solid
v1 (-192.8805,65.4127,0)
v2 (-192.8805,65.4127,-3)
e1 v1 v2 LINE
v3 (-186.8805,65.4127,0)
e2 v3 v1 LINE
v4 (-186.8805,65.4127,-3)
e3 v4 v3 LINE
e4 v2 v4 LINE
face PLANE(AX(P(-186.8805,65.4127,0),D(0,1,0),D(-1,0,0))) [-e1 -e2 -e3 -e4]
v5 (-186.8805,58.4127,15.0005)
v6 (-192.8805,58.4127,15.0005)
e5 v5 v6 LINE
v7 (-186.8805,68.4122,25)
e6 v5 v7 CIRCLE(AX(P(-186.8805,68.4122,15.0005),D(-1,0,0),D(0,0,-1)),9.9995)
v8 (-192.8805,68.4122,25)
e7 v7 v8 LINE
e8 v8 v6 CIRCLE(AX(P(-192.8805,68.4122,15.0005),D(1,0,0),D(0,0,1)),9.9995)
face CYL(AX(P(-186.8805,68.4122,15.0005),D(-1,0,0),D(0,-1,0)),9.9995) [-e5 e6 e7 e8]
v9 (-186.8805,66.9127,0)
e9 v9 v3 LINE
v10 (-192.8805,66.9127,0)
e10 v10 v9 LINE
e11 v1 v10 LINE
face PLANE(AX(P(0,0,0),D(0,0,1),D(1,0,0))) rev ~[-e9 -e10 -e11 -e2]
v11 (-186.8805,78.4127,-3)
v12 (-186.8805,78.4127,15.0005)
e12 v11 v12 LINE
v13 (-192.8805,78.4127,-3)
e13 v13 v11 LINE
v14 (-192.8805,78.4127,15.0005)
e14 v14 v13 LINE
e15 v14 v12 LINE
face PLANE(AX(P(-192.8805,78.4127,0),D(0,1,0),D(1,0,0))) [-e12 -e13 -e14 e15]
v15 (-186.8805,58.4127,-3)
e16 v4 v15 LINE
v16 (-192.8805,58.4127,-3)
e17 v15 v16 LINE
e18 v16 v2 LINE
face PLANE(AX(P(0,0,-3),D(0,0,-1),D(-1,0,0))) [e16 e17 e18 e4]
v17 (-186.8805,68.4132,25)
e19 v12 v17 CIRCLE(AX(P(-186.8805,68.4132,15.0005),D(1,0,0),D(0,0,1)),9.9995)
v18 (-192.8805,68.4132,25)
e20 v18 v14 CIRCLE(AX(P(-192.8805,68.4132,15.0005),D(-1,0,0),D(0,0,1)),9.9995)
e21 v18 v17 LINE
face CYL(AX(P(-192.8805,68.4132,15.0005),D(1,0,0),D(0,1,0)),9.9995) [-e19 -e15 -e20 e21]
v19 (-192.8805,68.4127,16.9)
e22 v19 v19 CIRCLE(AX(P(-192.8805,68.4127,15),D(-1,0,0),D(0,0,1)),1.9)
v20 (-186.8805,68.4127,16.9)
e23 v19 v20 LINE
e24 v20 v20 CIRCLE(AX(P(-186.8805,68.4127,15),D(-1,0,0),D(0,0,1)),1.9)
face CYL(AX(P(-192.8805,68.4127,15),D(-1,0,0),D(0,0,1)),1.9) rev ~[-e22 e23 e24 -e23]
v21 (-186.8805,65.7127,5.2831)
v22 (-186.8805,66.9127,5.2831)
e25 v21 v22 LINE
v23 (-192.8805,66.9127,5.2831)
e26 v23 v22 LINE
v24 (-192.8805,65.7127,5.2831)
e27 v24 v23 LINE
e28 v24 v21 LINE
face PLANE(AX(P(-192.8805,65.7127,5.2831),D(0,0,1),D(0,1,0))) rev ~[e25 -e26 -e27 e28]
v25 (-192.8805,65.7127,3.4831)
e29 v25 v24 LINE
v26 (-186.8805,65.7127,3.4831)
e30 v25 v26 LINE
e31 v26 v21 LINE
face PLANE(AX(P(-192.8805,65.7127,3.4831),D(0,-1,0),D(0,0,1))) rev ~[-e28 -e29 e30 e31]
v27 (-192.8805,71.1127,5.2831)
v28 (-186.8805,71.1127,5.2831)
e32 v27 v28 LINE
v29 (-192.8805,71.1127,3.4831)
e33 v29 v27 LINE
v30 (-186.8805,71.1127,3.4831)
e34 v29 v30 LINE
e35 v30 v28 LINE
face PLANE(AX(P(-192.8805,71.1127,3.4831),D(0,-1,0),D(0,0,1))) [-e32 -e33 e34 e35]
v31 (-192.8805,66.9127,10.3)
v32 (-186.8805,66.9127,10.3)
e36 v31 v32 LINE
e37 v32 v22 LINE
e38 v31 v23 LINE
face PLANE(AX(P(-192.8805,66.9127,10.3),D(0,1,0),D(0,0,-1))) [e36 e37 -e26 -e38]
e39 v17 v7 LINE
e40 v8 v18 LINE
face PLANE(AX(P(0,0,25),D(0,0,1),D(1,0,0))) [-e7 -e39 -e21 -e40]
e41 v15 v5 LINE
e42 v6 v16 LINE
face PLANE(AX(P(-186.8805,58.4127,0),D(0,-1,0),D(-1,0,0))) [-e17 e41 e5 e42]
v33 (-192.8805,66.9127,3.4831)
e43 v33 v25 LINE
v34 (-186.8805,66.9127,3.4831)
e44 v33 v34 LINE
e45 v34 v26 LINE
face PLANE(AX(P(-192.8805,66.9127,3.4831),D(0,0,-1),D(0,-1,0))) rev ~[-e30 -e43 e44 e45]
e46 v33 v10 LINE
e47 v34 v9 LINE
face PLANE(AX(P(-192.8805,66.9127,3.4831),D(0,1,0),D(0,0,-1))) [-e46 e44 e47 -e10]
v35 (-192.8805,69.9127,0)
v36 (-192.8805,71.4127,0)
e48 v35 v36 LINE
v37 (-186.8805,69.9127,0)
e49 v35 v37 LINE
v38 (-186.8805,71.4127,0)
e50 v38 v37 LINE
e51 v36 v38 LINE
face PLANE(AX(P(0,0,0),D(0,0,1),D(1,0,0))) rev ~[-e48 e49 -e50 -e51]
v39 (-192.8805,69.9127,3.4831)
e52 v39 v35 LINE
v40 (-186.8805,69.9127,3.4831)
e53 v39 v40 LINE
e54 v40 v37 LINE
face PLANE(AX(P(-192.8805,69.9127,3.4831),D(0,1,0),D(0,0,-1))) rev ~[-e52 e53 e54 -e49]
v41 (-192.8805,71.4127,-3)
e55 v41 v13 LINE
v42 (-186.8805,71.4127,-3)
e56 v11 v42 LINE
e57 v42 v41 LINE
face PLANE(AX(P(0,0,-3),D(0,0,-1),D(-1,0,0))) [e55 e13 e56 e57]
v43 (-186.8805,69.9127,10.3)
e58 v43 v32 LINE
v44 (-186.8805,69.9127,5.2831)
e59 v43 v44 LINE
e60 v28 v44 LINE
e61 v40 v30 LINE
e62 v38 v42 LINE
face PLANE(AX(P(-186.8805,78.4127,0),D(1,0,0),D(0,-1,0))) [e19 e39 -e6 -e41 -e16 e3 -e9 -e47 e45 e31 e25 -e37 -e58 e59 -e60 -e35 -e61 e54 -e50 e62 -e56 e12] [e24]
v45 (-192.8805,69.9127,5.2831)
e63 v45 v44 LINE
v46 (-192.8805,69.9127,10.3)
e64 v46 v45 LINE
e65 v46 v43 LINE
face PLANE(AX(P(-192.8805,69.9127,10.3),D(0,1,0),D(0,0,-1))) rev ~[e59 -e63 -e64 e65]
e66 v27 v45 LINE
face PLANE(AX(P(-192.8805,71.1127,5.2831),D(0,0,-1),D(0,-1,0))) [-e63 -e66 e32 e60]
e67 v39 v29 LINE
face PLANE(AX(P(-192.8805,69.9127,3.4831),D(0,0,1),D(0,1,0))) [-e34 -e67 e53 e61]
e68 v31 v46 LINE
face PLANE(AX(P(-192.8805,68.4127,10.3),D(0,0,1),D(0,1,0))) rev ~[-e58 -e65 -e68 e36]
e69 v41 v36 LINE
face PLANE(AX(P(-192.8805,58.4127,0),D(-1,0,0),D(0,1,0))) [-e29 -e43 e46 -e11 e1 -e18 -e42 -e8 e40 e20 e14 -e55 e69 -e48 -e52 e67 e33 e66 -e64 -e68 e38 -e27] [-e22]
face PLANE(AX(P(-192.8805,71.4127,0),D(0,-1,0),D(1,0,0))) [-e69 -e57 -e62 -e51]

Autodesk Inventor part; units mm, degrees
ref_plane "YZ Plane" through (0, 0, 0) normal (1, 0, 0) x (0, 1, 0)
ref_plane "XZ Plane" through (0, 0, 0) normal (0, 1, 0) x (-1, 0, 0)
ref_plane "XY Plane" through (0, 0, 0) normal (0, 0, 1) x (1, 0, 0)
sketch "Эскиз1" plane through (0, 0, 0) normal (0, 0, 1) x (1, 0, 0)
  line L0 (-186.8805, 58.4127) -> (-192.8805, 58.4127)
  line L1 (-192.8805, 58.4127) -> (-192.8805, 78.4127)
  line L2 (-192.8805, 78.4127) -> (-186.8805, 78.4127)
  line L3 (-186.8805, 78.4127) -> (-186.8805, 58.4127)
  line L4 (-192.8805, 65.9127) -> (-192.8805, 70.9127) projected
  point P0 (0, 0)
  point P1 (-192.8805, 68.4127)
  dimension "d0" = 20
  dimension "d1" = 6
  dimension "d19" = 0
extrude "Выдавливание1" add sketch "Эскиз1" along normal blind 25
fillet "Сопряжение1" radius 10 2 edges at (-189.8805, 58.4127, 25) (-189.8805, 78.4127, 25)
sketch "Эскиз2" plane through (-192.8805, 58.4127, 0) normal (-1, 0, 0) x (0, 0, 1)
  circle A0 centre (15, 10) radius 1.9
  line L0 (0, 20) -> (0, 0) projected
  line L1 (0, 10) -> (25, 10) construction
  arc A1 (15, 0) -> (15, 20) centre (15, 10) ccw projected
  point P0 (0, -58.4127)
  dimension "d5" = 3.8
extrude "Выдавливание2" cut sketch "Эскиз2" against normal up to surface (6 mm away)
sketch "Эскиз3" plane through (0, 0, 0) normal (0, 0, -1) x (-1, 0, 0)
  line L0 (192.8805, 58.4127) -> (186.8805, 58.4127)
  line L1 (186.8805, 58.4127) -> (186.8805, 65.4127)
  line L2 (186.8805, 65.4127) -> (192.8805, 65.4127)
  line L3 (192.8805, 65.4127) -> (192.8805, 58.4127)
  line L4 (186.8805, 78.4127) -> (192.8805, 78.4127) projected
  line L5 (186.8805, 78.4127) -> (192.8805, 78.4127)
  line L6 (192.8805, 78.4127) -> (192.8805, 71.4127)
  line L7 (192.8805, 71.4127) -> (186.8805, 71.4127)
  line L8 (186.8805, 71.4127) -> (186.8805, 78.4127)
  point P0 (0, 0)
  dimension "d8" = 7
  dimension "d9" = 7
  dimension "d18" = 6
extrude "Выдавливание3" add sketch "Эскиз3" along normal blind 2
sketch "Эскиз4" plane through (-192.8805, 68.4127, 15) normal (-1, 0, 0) x (0, 0, 1)
  line L0 (-15, 3) -> (-15, -3) projected
  line L1 (-15, 0) -> (-4.7, 0)
  line L2 (-4.7, 0) -> (-4.7, -1.5)
  line L3 (-15, -1.5) -> (-15, 0)
  line L4 (-4.7, 0) -> (-4.7, 1.5)
  line L5 (-10.2565, 0) -> (-12.2169, 0)
  line L6 (-11.5169, -1.5) -> (-11.5169, -2.7)
  line L7 (-11.5169, -2.7) -> (-9.7169, -2.7)
  line L8 (-9.7169, -2.7) -> (-9.7169, -1.5)
  line L9 (-11.5169, 1.5) -> (-11.5169, 2.7)
  line L10 (-11.5169, 2.7) -> (-9.7169, 2.7)
  line L11 (-9.7169, 2.7) -> (-9.7169, 1.5)
  line L12 (-4.7, -1.5) -> (-9.7169, -1.5)
  line L13 (-11.5169, -1.5) -> (-15, -1.5)
  line L14 (-4.7, 1.5) -> (-9.7169, 1.5)
  line L15 (-11.5169, 1.5) -> (-15, 1.5)
  line L16 (-4.7, 1.5) -> (-9.7169, 1.5)
  line L17 (-11.5169, 1.5) -> (-15, 1.5)
  point P0 (-15, -68.4127)
  dimension "d12" = 10.3
  dimension "d13" = 1.5
  dimension "d16" = 1.8
  dimension "d17" = 5.4
extrude "Выдавливание4" cut sketch "Эскиз4" against normal up to surface (6 mm away)
sketch "Эскиз5" plane through (0, 0, -2) normal (0, 0, -1) x (-1, 0, 0)
  point P0 (0, 0)
sketch "Эскиз6" plane through (0, 0, -2) normal (0, 0, -1) x (-1, 0, 0)
  line L0 (186.8805, 71.4127) -> (192.8805, 71.4127)
  line L1 (192.8805, 71.4127) -> (192.8805, 78.4127)
  line L2 (192.8805, 78.4127) -> (186.8805, 78.4127)
  line L3 (186.8805, 78.4127) -> (186.8805, 71.4127)
  line L4 (192.8805, 65.4127) -> (186.8805, 65.4127)
  line L5 (186.8805, 65.4127) -> (186.8805, 58.4127)
  line L6 (186.8805, 58.4127) -> (192.8805, 58.4127)
  line L7 (192.8805, 58.4127) -> (192.8805, 65.4127)
  point P0 (0, 0)
sketch "Эскиз7" plane through (0, 0, -2) normal (0, 0, -1) x (-1, 0, 0)
  point P0 (0, 0)
extrude "Выдавливание5" add sketch "Эскиз6" along normal blind 1
properties part number "Крепление рычага к лицу"
